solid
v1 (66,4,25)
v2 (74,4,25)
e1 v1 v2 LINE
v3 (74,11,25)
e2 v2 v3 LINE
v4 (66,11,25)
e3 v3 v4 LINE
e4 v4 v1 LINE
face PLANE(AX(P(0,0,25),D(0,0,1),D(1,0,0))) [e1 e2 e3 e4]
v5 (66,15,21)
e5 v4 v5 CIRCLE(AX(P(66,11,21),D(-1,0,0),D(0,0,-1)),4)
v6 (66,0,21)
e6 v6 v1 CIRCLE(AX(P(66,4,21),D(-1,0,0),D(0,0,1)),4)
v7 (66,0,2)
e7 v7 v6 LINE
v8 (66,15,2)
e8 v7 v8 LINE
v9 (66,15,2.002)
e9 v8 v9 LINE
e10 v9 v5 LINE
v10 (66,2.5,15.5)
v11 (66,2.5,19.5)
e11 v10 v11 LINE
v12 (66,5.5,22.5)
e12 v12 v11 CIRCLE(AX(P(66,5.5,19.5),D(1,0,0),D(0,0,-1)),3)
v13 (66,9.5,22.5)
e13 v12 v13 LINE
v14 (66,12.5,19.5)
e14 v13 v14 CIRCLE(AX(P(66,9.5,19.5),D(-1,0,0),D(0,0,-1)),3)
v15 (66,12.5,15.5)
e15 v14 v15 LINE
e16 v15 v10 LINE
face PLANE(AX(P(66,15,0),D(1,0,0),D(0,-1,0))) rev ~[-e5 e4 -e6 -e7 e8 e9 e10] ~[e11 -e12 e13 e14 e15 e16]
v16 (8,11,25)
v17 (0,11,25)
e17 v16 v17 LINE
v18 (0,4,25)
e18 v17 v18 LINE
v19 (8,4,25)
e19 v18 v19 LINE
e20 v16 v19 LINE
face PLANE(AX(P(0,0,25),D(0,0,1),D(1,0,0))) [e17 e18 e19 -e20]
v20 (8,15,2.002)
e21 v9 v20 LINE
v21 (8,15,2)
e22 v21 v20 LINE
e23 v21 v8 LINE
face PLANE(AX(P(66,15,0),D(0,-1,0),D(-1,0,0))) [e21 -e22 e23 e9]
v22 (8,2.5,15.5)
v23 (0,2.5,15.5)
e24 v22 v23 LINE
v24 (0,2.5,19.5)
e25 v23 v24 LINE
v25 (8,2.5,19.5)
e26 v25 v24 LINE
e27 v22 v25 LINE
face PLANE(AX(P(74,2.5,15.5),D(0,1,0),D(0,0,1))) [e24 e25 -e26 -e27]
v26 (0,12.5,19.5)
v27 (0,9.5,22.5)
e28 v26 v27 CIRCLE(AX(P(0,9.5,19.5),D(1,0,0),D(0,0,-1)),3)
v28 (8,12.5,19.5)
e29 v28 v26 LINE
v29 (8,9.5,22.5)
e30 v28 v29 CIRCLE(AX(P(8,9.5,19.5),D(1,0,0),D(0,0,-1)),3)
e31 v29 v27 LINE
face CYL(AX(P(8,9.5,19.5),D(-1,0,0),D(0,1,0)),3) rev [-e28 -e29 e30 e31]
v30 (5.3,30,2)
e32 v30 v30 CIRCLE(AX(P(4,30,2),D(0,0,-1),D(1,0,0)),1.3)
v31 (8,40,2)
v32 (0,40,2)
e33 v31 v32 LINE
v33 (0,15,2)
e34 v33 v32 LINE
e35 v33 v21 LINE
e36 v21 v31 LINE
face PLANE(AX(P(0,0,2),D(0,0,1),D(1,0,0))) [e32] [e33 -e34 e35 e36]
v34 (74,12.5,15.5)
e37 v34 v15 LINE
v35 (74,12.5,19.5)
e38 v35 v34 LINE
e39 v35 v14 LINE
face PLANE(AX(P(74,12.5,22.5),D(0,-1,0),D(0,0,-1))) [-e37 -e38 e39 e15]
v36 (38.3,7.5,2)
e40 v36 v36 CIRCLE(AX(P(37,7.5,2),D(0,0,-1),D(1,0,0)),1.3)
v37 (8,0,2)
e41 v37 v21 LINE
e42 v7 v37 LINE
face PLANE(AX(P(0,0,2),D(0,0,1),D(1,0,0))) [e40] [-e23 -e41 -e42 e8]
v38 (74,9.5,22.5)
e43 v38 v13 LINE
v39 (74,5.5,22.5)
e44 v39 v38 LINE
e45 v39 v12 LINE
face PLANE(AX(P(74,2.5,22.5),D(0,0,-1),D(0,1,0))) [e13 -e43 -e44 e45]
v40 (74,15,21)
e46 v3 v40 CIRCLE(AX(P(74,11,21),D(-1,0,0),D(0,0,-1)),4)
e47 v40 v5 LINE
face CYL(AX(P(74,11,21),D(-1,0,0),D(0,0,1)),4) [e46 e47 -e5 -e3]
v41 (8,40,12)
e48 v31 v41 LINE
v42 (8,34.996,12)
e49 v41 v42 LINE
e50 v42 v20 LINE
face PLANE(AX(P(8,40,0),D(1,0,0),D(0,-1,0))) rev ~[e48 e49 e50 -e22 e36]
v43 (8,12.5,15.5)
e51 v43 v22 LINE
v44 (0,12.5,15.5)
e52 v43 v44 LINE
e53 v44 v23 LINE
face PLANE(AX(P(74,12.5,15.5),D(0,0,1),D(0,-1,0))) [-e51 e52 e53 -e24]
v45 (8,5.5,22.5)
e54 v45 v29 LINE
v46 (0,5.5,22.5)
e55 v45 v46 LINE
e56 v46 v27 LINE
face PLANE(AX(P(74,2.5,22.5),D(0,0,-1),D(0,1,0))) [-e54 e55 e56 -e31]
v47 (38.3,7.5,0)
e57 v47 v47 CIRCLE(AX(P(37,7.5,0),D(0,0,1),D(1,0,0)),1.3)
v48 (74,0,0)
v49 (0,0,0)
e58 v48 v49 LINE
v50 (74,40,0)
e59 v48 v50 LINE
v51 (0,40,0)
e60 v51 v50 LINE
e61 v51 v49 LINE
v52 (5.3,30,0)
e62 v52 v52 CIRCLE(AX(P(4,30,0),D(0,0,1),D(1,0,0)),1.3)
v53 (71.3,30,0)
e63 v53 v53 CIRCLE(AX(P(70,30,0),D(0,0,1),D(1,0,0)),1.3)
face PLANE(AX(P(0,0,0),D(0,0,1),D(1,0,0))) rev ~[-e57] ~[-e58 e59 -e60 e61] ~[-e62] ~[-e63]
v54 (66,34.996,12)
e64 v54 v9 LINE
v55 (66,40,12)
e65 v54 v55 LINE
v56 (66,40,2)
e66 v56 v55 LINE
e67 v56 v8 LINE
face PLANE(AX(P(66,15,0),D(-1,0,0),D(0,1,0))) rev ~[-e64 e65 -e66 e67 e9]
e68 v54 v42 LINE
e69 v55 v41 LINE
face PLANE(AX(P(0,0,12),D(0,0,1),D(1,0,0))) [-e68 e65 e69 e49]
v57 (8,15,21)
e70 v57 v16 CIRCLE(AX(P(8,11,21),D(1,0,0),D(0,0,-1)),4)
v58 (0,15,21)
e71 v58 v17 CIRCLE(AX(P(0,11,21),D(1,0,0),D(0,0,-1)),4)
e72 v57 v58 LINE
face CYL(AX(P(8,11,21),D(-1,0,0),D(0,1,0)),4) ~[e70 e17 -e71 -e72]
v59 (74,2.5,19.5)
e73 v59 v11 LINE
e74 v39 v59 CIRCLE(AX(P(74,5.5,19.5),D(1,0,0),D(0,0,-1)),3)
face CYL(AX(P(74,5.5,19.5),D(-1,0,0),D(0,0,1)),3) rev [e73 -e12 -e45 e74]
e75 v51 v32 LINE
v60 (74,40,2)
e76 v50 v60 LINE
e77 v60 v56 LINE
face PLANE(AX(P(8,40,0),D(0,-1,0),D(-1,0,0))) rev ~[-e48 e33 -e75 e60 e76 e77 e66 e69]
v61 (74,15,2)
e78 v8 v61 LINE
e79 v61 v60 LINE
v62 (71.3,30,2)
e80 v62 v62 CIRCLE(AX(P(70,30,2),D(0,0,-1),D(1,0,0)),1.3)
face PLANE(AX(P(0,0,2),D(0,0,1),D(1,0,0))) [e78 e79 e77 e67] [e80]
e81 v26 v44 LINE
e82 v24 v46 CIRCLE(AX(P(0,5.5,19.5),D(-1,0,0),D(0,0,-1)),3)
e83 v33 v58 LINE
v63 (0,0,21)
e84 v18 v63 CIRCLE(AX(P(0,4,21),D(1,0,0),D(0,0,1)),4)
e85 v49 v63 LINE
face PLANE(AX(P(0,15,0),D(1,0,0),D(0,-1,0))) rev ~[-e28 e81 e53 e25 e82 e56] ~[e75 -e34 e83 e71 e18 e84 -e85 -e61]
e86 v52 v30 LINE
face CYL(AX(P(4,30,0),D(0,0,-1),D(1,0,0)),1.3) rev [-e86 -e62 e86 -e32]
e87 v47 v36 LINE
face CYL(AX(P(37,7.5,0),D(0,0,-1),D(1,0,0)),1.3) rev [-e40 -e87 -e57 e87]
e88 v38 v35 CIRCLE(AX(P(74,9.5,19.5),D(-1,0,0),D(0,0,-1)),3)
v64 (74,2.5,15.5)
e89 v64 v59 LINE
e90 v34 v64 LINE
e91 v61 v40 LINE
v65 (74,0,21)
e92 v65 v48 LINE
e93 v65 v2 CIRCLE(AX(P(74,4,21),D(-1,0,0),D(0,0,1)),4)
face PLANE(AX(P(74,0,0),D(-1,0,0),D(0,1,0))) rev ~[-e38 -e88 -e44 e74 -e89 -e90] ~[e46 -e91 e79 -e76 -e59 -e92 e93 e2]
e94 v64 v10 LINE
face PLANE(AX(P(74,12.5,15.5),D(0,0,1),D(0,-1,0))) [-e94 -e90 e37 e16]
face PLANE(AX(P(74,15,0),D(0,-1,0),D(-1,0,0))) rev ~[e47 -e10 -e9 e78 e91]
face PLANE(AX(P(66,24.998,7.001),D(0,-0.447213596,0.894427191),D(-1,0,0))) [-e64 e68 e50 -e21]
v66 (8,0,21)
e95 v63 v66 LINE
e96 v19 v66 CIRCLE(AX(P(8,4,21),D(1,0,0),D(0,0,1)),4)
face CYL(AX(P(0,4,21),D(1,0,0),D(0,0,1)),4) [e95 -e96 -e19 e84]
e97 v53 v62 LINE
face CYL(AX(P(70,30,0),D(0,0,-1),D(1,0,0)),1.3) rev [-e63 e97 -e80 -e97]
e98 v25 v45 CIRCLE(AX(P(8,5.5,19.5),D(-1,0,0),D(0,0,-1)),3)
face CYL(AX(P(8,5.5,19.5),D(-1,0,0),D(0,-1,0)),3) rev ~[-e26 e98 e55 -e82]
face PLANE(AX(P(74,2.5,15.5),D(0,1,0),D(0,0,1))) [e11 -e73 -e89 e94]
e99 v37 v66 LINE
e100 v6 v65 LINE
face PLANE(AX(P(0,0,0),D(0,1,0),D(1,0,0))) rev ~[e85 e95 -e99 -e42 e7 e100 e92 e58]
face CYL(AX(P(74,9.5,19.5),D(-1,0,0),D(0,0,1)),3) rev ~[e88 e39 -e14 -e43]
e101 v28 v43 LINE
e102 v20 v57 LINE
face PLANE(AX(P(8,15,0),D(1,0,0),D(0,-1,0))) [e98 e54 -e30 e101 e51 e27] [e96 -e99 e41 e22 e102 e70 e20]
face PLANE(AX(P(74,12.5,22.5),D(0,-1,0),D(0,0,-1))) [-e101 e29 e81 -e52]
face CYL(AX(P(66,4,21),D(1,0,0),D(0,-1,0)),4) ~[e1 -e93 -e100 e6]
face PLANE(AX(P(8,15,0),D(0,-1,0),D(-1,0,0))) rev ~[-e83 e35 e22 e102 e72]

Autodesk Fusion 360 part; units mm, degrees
sketch "Sketch1" plane through (0, 0, 0) normal (0, 0, 1) x (1, 0, 0)
  line L0 (0, 0) -> (74, 0)
  line L1 (74, 0) -> (74, 40)
  line L2 (74, 40) -> (0, 40)
  line L3 (0, 40) -> (0, 0)
  line L4 (0, 0) -> (74, 0)
  line L5 (74, 0) -> (74, 15)
  line L6 (74, 15) -> (0, 15)
  line L7 (0, 15) -> (0, 0)
  line L8 (0, 15) -> (8, 15)
  line L9 (8, 15) -> (8, 0)
  line L10 (8, 0) -> (0, 0)
  line L11 (0, 0) -> (0, 15)
  line L12 (74, 15) -> (66, 15)
  line L13 (66, 15) -> (66, 0)
  line L14 (66, 0) -> (74, 0)
  line L15 (74, 0) -> (74, 15)
  line L16 (8, 15) -> (66, 15)
  line L17 (66, 15) -> (66, 40)
  line L18 (66, 40) -> (8, 40)
  line L19 (8, 40) -> (8, 15)
  circle A0 centre (4, 30) radius 1.3
  circle A1 centre (70, 30) radius 1.3
  circle A2 centre (37, 7.5) radius 1.3
  dimension "d1" = 74
  dimension "d2" = 40
  dimension "d3" = 15
  dimension "d6" = 8
  dimension "d7" = 8
  dimension "d16" = 2.6
  dimension "d17" = 4
  dimension "d18" = 2.6
  dimension "d19" = 4
  dimension "d20" = 10
  dimension "d21" = 10
  dimension "d22" = 2.6
  dimension "d23" = 7.5
  dimension "d24" = 37
  dimension "d35" = 8
extrude "Extrude1" add sketch "Sketch1" along normal blind 2 contours L0 L3 L4 L6 L7 L8 L9 L10 L11 | L0 L4 L6 L9 L13 L16 | L2 L3 L6 L8 L19 | L0 L1 L4 L5 L6 L12 L13 L14 L15 | L2 L6 L16 L17 L18 L19 | L1 L2 L6 L12 L17 | A0 | A1 | A2
extrude "Extrude5" add sketch "Sketch1" along normal blind 12 contours L2 L6 L16 L17 L18 L19
chamfer "Chamfer1" distance 20 distance2 10 1 edges at (37, 15, 12) measured on face at (27.3333, 31.6667, 12)
extrude "Extrude2" add sketch "Sketch1" along normal blind 25 contours L0 L3 L4 L6 L7 L8 L9 L10 L11 | L0 L1 L4 L5 L6 L12 L13 L14 L15
sketch "Sketch2" plane through (74, 0, 0) normal (1, 0, 0) x (0, 1, 0)
  line L0 (0, 0) -> (40, 0)
  line L1 (40, 0) -> (40, 2)
  line L2 (40, 2) -> (15, 2)
  line L3 (15, 2) -> (15, 25)
  line L4 (15, 25) -> (0, 25)
  line L5 (0, 25) -> (0, 0)
  line L6 (2.5, 22.5) -> (12.5, 22.5)
  line L7 (12.5, 22.5) -> (12.5, 15.5)
  line L8 (12.5, 15.5) -> (2.5, 15.5)
  line L9 (2.5, 15.5) -> (2.5, 22.5)
  dimension "d10" = 2.5
  dimension "d11" = 2.5
  dimension "d12" = 2.5
  dimension "d13" = 7
extrude "Extrude3" cut sketch "Sketch2" against normal blind 100 contours L6 L7 L8 L9
extrude "Extrude4" cut sketch "Sketch1" along normal blind 10 contours A0 | A1 | A2
fillet "Fillet1" radius 3 4 edges at (70, 12.5, 22.5) (4, 12.5, 22.5) (70, 2.5, 22.5) (4, 2.5, 22.5)
fillet "Fillet2" radius 4 4 edges at (4, 15, 25) (4, 0, 25) (70, 0, 25) (70, 15, 25)
